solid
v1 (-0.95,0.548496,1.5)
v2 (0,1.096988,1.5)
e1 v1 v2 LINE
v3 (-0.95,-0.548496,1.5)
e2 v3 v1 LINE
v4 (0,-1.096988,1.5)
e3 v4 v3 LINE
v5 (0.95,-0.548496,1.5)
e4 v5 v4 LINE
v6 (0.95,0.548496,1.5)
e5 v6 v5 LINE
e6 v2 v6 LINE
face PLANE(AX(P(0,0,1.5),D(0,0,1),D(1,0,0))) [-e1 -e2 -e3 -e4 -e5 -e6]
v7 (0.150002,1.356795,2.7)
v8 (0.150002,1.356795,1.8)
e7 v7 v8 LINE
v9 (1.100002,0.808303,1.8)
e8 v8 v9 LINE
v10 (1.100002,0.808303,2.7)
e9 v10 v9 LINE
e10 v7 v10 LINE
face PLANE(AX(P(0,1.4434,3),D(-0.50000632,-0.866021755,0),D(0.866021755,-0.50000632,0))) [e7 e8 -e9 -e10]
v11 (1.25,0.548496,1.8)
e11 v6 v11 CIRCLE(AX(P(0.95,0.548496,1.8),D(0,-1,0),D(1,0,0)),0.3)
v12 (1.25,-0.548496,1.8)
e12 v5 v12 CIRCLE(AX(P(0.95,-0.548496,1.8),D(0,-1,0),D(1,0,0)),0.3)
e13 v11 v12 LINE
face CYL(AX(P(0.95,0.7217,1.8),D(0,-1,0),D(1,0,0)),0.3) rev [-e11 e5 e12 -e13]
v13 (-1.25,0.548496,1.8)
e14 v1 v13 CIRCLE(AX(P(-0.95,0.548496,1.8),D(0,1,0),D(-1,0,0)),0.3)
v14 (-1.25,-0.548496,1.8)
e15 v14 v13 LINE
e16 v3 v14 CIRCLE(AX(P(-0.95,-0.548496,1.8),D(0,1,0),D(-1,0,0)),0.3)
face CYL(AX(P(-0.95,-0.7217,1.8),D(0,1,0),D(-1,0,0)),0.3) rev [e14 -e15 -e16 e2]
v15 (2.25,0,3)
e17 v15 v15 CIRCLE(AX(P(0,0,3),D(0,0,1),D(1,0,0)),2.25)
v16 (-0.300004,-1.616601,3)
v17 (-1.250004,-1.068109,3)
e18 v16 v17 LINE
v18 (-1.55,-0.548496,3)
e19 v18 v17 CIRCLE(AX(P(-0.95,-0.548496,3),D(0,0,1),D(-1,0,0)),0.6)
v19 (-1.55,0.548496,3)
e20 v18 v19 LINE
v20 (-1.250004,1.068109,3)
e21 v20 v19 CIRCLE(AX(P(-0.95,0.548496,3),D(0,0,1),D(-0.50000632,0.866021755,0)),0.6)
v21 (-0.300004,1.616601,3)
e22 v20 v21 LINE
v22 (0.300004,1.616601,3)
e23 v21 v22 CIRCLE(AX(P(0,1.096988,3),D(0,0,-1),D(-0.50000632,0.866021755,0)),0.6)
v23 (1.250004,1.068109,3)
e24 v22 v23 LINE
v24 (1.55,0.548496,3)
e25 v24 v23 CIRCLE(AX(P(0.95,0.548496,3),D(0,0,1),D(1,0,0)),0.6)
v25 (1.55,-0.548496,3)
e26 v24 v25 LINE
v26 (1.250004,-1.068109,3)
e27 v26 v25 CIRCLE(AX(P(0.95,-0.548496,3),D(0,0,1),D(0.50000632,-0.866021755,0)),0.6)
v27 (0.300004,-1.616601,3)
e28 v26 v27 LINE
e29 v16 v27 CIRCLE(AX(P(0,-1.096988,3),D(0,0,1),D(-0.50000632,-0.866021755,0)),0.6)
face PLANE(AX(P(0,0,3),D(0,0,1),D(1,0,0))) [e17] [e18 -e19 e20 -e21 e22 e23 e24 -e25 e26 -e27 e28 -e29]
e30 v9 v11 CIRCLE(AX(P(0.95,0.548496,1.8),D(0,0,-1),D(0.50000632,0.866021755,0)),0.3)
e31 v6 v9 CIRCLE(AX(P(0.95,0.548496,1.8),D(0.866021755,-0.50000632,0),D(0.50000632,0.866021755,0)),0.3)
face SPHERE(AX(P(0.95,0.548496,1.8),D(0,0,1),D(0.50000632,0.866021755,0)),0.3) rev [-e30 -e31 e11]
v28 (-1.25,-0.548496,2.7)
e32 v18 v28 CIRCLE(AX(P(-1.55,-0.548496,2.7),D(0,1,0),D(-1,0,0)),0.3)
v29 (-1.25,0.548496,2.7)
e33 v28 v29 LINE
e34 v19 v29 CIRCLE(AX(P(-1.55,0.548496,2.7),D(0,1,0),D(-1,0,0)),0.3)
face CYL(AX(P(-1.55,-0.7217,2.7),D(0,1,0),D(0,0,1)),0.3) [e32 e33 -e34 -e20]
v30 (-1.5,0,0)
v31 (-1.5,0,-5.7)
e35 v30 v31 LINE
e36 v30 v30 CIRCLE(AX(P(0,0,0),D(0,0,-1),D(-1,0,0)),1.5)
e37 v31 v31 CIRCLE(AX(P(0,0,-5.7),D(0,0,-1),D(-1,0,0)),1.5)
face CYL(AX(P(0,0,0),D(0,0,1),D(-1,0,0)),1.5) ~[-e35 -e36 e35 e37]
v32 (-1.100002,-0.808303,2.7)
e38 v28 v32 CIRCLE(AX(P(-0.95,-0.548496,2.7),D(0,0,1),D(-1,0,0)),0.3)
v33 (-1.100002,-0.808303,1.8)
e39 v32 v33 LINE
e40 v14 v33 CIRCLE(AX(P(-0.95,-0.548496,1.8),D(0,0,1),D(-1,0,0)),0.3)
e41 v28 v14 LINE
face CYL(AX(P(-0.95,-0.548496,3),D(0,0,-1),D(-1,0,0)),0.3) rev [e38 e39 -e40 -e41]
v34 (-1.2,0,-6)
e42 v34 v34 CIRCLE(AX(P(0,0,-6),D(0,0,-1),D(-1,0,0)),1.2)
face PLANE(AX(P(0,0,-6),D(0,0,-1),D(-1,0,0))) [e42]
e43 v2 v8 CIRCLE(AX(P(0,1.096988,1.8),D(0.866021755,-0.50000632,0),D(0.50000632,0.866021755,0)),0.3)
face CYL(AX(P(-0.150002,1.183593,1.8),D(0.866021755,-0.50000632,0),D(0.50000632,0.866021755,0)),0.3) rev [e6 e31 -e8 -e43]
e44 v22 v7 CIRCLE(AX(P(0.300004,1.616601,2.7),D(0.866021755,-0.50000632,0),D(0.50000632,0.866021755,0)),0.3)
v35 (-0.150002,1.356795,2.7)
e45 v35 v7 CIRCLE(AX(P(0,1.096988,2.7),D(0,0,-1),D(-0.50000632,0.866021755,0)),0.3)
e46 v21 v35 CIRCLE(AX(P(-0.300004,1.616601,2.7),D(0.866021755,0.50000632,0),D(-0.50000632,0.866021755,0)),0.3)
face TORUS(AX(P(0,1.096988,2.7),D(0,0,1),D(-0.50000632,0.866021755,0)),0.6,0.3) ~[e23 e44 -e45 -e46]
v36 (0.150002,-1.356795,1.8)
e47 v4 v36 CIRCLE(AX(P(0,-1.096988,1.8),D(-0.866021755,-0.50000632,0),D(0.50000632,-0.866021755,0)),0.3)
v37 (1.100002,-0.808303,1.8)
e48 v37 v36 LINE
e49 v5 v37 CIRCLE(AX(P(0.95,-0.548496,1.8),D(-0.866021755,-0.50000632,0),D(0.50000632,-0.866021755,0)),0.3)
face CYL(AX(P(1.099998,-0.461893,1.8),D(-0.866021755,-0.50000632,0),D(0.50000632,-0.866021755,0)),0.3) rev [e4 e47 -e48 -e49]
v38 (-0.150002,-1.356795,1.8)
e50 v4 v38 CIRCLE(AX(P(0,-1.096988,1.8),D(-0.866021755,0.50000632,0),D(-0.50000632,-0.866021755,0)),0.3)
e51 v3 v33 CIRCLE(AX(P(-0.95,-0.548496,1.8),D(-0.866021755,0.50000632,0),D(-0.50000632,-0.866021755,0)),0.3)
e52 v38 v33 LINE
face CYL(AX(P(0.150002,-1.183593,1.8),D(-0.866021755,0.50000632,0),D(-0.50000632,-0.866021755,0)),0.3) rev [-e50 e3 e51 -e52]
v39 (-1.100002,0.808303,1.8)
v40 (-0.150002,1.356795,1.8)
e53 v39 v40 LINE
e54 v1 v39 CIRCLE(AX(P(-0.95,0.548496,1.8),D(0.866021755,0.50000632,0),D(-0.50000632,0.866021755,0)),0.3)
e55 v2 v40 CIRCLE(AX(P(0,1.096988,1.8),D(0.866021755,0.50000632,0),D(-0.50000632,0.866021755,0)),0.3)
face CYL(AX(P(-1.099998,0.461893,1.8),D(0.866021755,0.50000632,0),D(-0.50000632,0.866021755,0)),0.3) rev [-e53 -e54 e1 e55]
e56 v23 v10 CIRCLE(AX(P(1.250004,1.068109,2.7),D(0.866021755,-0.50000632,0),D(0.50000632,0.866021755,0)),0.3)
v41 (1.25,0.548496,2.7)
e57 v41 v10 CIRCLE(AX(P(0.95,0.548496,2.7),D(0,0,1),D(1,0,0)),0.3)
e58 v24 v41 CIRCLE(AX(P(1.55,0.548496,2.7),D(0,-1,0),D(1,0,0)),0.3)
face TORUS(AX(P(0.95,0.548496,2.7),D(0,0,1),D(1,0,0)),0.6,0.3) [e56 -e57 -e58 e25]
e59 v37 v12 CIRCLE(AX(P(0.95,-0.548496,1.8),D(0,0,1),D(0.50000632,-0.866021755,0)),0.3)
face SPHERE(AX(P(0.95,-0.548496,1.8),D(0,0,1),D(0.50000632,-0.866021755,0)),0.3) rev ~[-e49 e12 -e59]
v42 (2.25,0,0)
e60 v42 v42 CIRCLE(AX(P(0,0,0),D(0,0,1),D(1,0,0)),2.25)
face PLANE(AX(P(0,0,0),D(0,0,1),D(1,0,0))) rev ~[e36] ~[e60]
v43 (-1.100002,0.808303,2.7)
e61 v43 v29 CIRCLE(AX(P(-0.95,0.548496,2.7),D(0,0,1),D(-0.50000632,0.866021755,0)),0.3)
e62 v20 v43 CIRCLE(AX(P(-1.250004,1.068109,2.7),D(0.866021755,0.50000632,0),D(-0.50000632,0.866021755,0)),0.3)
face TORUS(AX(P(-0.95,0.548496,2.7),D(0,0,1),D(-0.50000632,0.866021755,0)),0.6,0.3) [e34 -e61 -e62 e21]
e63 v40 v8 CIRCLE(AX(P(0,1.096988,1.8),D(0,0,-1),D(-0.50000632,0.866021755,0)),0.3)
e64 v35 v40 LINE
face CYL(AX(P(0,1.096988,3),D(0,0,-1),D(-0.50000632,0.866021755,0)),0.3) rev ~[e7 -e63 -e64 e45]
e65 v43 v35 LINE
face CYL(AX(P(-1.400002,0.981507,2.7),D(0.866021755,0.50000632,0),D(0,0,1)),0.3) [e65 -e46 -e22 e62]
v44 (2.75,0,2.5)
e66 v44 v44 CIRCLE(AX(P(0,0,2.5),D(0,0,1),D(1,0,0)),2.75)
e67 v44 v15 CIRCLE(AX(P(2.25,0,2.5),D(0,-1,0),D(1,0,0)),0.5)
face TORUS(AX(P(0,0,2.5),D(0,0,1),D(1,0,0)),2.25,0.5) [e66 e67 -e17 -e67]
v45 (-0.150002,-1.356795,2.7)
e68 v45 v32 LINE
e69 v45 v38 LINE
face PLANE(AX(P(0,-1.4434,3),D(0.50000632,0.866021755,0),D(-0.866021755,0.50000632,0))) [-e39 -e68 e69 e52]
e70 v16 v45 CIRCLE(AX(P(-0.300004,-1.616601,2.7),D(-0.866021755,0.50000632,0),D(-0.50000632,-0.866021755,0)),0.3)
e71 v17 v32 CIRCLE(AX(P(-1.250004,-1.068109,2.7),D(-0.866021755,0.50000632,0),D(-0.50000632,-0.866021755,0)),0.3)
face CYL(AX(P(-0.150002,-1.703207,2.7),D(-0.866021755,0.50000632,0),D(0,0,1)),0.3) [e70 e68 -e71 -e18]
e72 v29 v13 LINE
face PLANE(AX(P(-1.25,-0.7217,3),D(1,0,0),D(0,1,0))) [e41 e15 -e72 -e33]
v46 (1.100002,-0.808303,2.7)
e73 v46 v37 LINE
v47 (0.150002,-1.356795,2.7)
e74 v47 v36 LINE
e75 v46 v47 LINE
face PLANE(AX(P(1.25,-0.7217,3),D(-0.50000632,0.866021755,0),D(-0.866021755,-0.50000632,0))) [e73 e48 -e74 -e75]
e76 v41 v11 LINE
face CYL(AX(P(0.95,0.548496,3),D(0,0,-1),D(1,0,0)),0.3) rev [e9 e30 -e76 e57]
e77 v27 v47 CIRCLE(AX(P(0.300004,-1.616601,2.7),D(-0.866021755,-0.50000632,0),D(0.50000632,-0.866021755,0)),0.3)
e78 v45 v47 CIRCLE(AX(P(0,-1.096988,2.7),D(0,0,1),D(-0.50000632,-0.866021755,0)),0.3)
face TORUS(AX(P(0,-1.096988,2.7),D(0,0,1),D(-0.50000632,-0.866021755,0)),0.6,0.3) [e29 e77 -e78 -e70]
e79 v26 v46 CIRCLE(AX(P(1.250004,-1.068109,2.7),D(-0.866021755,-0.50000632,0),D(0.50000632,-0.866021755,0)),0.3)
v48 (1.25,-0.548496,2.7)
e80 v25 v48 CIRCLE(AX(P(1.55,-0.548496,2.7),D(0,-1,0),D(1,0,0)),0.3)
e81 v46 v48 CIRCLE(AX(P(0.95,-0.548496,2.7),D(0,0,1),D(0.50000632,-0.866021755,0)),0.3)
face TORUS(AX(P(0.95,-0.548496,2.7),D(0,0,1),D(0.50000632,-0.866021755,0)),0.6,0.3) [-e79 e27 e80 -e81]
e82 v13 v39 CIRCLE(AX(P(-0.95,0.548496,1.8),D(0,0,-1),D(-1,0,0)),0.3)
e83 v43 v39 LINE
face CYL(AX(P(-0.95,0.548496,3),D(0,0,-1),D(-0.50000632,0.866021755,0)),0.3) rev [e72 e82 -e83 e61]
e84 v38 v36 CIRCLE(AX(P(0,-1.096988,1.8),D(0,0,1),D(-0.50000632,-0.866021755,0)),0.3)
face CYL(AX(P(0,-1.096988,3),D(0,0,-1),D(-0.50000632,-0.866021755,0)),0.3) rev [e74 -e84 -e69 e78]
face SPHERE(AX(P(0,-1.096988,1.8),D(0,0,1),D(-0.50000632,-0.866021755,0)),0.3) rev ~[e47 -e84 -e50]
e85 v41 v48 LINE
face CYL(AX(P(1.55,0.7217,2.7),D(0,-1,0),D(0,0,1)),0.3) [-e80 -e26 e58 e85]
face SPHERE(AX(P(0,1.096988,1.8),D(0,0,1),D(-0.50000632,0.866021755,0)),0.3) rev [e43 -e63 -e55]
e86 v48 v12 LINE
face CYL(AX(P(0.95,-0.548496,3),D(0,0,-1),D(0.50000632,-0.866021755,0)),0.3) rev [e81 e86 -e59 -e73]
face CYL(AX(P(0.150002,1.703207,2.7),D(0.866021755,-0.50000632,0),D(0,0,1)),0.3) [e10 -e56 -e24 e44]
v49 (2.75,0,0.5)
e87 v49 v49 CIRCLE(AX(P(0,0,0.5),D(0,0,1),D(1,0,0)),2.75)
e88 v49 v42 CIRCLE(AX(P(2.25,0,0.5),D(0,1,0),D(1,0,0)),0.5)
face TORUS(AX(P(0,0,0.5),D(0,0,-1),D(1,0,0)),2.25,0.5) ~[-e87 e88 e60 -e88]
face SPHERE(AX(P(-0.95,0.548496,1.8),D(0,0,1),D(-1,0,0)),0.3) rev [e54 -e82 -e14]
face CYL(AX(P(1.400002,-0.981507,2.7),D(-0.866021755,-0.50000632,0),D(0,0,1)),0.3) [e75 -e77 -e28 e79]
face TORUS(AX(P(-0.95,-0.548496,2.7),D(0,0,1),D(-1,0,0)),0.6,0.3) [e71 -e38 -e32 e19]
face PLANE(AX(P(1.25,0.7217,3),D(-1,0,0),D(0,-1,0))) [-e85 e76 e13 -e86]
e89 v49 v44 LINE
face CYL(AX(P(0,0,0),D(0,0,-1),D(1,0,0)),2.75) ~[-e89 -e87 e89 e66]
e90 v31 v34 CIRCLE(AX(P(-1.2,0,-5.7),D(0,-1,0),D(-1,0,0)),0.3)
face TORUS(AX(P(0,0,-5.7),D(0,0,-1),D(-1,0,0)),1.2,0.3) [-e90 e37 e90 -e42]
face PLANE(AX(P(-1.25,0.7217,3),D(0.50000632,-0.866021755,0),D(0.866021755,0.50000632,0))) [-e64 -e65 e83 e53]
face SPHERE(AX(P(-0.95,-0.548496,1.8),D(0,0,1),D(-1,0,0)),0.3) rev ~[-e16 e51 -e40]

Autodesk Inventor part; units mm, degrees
ref_plane "YZ Plane" through (0, 0, 0) normal (1, 0, 0) x (0, 1, 0)
ref_plane "XZ Plane" through (0, 0, 0) normal (0, 1, 0) x (-1, 0, 0)
ref_plane "XY Plane" through (0, 0, 0) normal (0, 0, 1) x (1, 0, 0)
sketch "スケッチ1" plane through (0, 0, 0) normal (0, 0, 1) x (1, 0, 0)
  circle A0 centre (0, 0) radius 2.75
  dimension "d0" = 5.5
extrude "押し出し1" add sketch "スケッチ1" along normal blind 3
sketch "スケッチ2" plane through (0, 0, 0) normal (0, 0, -1) x (-1, 0, 0)
  circle A0 centre (0, 0) radius 2.75 projected
  circle A1 centre (0, 0) radius 1.5
  dimension "d3" = 3
extrude "押し出し2" add sketch "スケッチ2" along normal blind 6 contours A1
sketch "スケッチ3" plane through (0, 0, 3) normal (0, 0, 1) x (1, 0, 0)
  circle A0 centre (0, 0) radius 2.75 projected
  line L0 (0, 1.4434) -> (1.25, 0.7217)
  line L1 (1.25, 0.7217) -> (1.25, -0.7217)
  line L2 (1.25, -0.7217) -> (0, -1.4434)
  line L3 (0, -1.4434) -> (-1.25, -0.7217)
  line L4 (-1.25, -0.7217) -> (-1.25, 0.7217)
  line L5 (-1.25, 0.7217) -> (0, 1.4434)
  dimension "d6" = 1.25
extrude "押し出し3" cut sketch "スケッチ3" against normal blind 1.5 contours L0 L1 L2 L3 L4 L5
fillet "フィレット1" radius 0.5 2 edges at (-2.75, 0, 3) (-2.75, 0, 0)
fillet "フィレット2" radius 0.3 19 edges at (-0.625, 1.0825, 3) (-1.25, 0, 3) (-0.625, -1.0825, 3) (0.625, -1.0825, 3) (1.25, 0, 3) (0.625, 1.0825, 3) (-0.625, 1.0825, 1.5) (0.625, 1.0825, 1.5) (0, 1.4434, 2.25) (-1.25, 0.7217, 2.25) (-0.625, -1.0825, 1.5) (-1.25, -0.7217, 2.25) (-1.25, 0, 1.5) (1.25, 0, 1.5) (1.25, 0.7217, 2.25) (1.25, -0.7217, 2.25) (0.625, -1.0825, 1.5) (0, -1.4434, 2.25) (1.5, 0, -6)
thread "ねじ2" size "M3x0.5" class "6g" standard "ANSI Metric M Profile" full length
